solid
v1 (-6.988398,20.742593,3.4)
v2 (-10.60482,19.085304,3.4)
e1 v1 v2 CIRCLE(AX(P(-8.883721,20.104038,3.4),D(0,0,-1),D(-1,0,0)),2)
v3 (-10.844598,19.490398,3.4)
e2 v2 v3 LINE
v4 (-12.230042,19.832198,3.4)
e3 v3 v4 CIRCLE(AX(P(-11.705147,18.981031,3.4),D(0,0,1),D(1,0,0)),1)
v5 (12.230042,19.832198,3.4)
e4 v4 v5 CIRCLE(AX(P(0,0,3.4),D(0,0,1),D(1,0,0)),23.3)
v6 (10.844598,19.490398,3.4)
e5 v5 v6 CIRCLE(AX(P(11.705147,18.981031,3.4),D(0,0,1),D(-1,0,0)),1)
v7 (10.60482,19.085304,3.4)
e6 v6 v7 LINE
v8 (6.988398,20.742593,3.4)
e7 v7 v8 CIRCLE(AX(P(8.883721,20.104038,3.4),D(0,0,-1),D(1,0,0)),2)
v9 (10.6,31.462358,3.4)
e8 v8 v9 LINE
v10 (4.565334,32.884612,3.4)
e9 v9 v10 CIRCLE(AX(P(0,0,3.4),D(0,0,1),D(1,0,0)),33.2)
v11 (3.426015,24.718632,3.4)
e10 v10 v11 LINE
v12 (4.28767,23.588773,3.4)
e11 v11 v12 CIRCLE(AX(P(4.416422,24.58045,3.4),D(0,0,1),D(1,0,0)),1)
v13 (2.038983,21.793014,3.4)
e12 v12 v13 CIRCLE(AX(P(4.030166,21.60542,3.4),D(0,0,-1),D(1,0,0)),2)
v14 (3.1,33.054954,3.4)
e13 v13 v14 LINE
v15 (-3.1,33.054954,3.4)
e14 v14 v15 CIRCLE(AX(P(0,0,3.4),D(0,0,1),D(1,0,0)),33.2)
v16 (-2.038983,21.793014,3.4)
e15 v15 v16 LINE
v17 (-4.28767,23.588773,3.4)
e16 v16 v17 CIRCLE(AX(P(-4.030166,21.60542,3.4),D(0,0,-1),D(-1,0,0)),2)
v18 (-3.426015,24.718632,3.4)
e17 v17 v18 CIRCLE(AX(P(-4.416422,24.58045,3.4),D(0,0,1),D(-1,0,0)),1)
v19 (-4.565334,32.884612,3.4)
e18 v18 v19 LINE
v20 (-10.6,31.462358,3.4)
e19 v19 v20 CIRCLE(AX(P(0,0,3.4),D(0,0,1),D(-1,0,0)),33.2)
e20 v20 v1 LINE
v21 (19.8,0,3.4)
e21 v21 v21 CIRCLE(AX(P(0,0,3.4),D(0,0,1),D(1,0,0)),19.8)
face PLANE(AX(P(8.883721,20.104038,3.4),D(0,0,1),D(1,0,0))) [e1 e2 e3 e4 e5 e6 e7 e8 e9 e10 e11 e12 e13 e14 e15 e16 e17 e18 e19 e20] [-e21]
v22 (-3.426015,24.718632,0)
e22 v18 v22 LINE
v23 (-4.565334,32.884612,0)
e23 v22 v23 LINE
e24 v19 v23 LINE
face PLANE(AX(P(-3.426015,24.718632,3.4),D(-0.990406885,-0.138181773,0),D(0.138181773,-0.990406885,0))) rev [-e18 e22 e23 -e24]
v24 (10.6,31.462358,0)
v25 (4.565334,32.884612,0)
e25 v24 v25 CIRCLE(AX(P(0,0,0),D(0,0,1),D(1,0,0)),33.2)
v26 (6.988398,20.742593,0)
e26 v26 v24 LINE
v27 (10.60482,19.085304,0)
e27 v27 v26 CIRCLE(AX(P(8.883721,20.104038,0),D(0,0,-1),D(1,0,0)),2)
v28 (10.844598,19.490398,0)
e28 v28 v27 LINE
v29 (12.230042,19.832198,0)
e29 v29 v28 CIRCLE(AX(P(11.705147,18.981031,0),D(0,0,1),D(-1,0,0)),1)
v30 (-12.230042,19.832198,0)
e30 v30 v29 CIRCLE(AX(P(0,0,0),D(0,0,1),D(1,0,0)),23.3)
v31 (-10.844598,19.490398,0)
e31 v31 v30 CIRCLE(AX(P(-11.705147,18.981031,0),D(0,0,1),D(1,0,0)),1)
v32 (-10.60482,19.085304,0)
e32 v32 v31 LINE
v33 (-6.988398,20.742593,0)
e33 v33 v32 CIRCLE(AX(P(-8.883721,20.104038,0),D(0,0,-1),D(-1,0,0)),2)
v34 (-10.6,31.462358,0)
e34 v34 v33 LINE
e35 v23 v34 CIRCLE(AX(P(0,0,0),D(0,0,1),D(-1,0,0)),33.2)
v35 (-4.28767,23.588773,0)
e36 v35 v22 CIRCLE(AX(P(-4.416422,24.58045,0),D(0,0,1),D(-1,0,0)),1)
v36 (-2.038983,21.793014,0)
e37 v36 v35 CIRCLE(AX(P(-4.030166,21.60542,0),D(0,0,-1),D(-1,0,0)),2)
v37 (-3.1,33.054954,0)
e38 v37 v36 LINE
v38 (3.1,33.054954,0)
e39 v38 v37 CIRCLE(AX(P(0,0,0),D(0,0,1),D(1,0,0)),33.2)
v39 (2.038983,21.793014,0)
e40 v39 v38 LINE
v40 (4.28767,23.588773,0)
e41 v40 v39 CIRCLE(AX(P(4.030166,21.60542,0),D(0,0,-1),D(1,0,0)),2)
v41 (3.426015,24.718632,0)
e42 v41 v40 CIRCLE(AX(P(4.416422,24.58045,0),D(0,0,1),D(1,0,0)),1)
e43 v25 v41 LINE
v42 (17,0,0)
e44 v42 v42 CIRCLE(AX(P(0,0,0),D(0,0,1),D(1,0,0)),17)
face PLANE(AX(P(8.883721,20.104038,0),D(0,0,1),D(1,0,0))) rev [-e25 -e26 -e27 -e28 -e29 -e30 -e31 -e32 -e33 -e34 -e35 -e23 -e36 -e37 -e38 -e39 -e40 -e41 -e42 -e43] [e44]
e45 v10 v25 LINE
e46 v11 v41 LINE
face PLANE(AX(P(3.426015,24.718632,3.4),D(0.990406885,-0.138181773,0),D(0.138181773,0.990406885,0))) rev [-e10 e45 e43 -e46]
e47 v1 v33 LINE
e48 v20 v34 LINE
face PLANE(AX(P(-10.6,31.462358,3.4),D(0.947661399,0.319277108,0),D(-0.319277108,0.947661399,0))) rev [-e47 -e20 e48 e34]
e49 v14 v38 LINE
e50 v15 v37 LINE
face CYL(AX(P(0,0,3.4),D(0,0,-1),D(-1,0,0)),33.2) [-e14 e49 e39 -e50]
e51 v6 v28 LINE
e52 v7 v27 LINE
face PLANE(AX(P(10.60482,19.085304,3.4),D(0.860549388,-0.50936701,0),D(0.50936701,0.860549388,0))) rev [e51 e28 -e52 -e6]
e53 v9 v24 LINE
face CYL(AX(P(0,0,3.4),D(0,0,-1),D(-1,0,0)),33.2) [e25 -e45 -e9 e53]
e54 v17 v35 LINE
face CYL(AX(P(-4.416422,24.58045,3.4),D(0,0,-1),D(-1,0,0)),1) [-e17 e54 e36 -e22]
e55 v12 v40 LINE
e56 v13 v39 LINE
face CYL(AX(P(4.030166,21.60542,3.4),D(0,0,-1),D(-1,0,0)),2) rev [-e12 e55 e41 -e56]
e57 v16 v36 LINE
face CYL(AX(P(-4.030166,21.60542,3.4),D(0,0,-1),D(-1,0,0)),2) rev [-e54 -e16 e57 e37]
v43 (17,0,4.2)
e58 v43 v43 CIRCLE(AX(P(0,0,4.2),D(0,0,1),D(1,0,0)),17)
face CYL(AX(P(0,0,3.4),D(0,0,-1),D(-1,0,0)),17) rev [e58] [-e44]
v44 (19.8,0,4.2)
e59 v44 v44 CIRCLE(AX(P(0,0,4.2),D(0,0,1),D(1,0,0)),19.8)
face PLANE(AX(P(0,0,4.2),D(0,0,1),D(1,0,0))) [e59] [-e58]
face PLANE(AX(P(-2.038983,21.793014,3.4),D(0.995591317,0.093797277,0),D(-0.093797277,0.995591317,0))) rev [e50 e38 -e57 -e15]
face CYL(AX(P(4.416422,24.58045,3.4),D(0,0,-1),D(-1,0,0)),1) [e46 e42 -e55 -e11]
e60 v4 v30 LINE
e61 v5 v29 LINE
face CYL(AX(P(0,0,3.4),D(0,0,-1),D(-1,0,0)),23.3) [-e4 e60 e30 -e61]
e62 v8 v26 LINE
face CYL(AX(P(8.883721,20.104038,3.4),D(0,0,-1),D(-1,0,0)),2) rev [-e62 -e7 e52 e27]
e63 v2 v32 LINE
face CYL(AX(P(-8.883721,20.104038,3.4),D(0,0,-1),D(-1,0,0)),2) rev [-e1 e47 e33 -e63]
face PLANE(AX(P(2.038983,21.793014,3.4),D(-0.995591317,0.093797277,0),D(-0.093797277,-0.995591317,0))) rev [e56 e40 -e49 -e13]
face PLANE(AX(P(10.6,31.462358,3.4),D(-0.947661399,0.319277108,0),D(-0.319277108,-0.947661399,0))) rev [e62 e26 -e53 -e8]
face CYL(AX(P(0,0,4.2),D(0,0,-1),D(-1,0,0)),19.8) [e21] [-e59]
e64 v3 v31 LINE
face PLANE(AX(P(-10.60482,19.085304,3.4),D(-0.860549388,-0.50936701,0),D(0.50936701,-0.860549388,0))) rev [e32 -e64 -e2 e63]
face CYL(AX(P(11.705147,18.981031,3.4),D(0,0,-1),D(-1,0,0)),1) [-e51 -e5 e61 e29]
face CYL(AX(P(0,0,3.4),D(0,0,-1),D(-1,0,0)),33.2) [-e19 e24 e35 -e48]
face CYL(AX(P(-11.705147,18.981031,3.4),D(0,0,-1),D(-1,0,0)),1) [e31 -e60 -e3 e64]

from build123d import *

# Parameters (mm, degrees)
ESQUISSE1_R        = 17
BOSS_EXTRU_1_DEPTH = 3.4
ESQUISSE2_R        = 19.8
ESQUISSE2_R_2      = 17
BOSS_EXTRU_2_DEPTH = 0.8


with BuildPart() as part:
    # Esquisse1 → Boss.-Extru.1 (new body)
    with BuildSketch(Plane.XY):
        with BuildLine():
            Line((10.604819554, 19.085304433), (10.844597942, 19.490397698))
            ThreePointArc((10.844597942, 19.490397698), (11.465620902, 19.951920532), (12.230041829, 19.832197983))
            ThreePointArc((12.230041829, 19.832197983), (0, -23.3), (-12.230041829, 19.832197983))
            ThreePointArc((-12.230041829, 19.832197983), (-11.465620902, 19.951920532), (-10.844597942, 19.490397698))
            Line((-10.844597942, 19.490397698), (-10.604819554, 19.085304433))
            ThreePointArc((-10.604819554, 19.085304433), (-8.050510374, 18.285863427), (-6.988397979, 20.74259267))
            Line((-6.988397979, 20.74259267), (-10.6, 31.462358462))
            ThreePointArc((-10.6, 31.462358462), (-7.615939872, 32.314663233), (-4.565333975, 32.884612294))
            Line((-4.565333975, 32.884612294), (-3.426014723, 24.718632018))
            ThreePointArc((-3.426014723, 24.718632018), (-3.621264858, 23.974046302), (-4.287669622, 23.58877342))
            ThreePointArc((-4.287669622, 23.58877342), (-5.278203354, 20.042601197), (-2.038983016, 21.793014323))
            Line((-2.038983016, 21.793014323), (-3.1, 33.054954243))
            ThreePointArc((-3.1, 33.054954243), (0, 33.2), (3.1, 33.054954243))
            Line((3.1, 33.054954243), (2.038983016, 21.793014323))
            ThreePointArc((2.038983016, 21.793014323), (5.278203354, 20.042601197), (4.287669622, 23.58877342))
            ThreePointArc((4.287669622, 23.58877342), (3.621264858, 23.974046302), (3.426014723, 24.718632018))
            Line((3.426014723, 24.718632018), (4.565333975, 32.884612294))
            ThreePointArc((4.565333975, 32.884612294), (7.615939872, 32.314663233), (10.6, 31.462358462))
            Line((10.6, 31.462358462), (6.988397979, 20.74259267))
            ThreePointArc((6.988397979, 20.74259267), (8.050510374, 18.285863427), (10.604819554, 19.085304433))
        make_face()
        Circle(ESQUISSE1_R, mode=Mode.SUBTRACT)
    extrude(amount=BOSS_EXTRU_1_DEPTH)

    # Esquisse2 → Boss.-Extru.2 (add)
    with BuildSketch(Plane.XY.offset(3.4)):
        Circle(ESQUISSE2_R)
        Circle(ESQUISSE2_R_2, mode=Mode.SUBTRACT)
    extrude(amount=BOSS_EXTRU_2_DEPTH)


solid = part.part
